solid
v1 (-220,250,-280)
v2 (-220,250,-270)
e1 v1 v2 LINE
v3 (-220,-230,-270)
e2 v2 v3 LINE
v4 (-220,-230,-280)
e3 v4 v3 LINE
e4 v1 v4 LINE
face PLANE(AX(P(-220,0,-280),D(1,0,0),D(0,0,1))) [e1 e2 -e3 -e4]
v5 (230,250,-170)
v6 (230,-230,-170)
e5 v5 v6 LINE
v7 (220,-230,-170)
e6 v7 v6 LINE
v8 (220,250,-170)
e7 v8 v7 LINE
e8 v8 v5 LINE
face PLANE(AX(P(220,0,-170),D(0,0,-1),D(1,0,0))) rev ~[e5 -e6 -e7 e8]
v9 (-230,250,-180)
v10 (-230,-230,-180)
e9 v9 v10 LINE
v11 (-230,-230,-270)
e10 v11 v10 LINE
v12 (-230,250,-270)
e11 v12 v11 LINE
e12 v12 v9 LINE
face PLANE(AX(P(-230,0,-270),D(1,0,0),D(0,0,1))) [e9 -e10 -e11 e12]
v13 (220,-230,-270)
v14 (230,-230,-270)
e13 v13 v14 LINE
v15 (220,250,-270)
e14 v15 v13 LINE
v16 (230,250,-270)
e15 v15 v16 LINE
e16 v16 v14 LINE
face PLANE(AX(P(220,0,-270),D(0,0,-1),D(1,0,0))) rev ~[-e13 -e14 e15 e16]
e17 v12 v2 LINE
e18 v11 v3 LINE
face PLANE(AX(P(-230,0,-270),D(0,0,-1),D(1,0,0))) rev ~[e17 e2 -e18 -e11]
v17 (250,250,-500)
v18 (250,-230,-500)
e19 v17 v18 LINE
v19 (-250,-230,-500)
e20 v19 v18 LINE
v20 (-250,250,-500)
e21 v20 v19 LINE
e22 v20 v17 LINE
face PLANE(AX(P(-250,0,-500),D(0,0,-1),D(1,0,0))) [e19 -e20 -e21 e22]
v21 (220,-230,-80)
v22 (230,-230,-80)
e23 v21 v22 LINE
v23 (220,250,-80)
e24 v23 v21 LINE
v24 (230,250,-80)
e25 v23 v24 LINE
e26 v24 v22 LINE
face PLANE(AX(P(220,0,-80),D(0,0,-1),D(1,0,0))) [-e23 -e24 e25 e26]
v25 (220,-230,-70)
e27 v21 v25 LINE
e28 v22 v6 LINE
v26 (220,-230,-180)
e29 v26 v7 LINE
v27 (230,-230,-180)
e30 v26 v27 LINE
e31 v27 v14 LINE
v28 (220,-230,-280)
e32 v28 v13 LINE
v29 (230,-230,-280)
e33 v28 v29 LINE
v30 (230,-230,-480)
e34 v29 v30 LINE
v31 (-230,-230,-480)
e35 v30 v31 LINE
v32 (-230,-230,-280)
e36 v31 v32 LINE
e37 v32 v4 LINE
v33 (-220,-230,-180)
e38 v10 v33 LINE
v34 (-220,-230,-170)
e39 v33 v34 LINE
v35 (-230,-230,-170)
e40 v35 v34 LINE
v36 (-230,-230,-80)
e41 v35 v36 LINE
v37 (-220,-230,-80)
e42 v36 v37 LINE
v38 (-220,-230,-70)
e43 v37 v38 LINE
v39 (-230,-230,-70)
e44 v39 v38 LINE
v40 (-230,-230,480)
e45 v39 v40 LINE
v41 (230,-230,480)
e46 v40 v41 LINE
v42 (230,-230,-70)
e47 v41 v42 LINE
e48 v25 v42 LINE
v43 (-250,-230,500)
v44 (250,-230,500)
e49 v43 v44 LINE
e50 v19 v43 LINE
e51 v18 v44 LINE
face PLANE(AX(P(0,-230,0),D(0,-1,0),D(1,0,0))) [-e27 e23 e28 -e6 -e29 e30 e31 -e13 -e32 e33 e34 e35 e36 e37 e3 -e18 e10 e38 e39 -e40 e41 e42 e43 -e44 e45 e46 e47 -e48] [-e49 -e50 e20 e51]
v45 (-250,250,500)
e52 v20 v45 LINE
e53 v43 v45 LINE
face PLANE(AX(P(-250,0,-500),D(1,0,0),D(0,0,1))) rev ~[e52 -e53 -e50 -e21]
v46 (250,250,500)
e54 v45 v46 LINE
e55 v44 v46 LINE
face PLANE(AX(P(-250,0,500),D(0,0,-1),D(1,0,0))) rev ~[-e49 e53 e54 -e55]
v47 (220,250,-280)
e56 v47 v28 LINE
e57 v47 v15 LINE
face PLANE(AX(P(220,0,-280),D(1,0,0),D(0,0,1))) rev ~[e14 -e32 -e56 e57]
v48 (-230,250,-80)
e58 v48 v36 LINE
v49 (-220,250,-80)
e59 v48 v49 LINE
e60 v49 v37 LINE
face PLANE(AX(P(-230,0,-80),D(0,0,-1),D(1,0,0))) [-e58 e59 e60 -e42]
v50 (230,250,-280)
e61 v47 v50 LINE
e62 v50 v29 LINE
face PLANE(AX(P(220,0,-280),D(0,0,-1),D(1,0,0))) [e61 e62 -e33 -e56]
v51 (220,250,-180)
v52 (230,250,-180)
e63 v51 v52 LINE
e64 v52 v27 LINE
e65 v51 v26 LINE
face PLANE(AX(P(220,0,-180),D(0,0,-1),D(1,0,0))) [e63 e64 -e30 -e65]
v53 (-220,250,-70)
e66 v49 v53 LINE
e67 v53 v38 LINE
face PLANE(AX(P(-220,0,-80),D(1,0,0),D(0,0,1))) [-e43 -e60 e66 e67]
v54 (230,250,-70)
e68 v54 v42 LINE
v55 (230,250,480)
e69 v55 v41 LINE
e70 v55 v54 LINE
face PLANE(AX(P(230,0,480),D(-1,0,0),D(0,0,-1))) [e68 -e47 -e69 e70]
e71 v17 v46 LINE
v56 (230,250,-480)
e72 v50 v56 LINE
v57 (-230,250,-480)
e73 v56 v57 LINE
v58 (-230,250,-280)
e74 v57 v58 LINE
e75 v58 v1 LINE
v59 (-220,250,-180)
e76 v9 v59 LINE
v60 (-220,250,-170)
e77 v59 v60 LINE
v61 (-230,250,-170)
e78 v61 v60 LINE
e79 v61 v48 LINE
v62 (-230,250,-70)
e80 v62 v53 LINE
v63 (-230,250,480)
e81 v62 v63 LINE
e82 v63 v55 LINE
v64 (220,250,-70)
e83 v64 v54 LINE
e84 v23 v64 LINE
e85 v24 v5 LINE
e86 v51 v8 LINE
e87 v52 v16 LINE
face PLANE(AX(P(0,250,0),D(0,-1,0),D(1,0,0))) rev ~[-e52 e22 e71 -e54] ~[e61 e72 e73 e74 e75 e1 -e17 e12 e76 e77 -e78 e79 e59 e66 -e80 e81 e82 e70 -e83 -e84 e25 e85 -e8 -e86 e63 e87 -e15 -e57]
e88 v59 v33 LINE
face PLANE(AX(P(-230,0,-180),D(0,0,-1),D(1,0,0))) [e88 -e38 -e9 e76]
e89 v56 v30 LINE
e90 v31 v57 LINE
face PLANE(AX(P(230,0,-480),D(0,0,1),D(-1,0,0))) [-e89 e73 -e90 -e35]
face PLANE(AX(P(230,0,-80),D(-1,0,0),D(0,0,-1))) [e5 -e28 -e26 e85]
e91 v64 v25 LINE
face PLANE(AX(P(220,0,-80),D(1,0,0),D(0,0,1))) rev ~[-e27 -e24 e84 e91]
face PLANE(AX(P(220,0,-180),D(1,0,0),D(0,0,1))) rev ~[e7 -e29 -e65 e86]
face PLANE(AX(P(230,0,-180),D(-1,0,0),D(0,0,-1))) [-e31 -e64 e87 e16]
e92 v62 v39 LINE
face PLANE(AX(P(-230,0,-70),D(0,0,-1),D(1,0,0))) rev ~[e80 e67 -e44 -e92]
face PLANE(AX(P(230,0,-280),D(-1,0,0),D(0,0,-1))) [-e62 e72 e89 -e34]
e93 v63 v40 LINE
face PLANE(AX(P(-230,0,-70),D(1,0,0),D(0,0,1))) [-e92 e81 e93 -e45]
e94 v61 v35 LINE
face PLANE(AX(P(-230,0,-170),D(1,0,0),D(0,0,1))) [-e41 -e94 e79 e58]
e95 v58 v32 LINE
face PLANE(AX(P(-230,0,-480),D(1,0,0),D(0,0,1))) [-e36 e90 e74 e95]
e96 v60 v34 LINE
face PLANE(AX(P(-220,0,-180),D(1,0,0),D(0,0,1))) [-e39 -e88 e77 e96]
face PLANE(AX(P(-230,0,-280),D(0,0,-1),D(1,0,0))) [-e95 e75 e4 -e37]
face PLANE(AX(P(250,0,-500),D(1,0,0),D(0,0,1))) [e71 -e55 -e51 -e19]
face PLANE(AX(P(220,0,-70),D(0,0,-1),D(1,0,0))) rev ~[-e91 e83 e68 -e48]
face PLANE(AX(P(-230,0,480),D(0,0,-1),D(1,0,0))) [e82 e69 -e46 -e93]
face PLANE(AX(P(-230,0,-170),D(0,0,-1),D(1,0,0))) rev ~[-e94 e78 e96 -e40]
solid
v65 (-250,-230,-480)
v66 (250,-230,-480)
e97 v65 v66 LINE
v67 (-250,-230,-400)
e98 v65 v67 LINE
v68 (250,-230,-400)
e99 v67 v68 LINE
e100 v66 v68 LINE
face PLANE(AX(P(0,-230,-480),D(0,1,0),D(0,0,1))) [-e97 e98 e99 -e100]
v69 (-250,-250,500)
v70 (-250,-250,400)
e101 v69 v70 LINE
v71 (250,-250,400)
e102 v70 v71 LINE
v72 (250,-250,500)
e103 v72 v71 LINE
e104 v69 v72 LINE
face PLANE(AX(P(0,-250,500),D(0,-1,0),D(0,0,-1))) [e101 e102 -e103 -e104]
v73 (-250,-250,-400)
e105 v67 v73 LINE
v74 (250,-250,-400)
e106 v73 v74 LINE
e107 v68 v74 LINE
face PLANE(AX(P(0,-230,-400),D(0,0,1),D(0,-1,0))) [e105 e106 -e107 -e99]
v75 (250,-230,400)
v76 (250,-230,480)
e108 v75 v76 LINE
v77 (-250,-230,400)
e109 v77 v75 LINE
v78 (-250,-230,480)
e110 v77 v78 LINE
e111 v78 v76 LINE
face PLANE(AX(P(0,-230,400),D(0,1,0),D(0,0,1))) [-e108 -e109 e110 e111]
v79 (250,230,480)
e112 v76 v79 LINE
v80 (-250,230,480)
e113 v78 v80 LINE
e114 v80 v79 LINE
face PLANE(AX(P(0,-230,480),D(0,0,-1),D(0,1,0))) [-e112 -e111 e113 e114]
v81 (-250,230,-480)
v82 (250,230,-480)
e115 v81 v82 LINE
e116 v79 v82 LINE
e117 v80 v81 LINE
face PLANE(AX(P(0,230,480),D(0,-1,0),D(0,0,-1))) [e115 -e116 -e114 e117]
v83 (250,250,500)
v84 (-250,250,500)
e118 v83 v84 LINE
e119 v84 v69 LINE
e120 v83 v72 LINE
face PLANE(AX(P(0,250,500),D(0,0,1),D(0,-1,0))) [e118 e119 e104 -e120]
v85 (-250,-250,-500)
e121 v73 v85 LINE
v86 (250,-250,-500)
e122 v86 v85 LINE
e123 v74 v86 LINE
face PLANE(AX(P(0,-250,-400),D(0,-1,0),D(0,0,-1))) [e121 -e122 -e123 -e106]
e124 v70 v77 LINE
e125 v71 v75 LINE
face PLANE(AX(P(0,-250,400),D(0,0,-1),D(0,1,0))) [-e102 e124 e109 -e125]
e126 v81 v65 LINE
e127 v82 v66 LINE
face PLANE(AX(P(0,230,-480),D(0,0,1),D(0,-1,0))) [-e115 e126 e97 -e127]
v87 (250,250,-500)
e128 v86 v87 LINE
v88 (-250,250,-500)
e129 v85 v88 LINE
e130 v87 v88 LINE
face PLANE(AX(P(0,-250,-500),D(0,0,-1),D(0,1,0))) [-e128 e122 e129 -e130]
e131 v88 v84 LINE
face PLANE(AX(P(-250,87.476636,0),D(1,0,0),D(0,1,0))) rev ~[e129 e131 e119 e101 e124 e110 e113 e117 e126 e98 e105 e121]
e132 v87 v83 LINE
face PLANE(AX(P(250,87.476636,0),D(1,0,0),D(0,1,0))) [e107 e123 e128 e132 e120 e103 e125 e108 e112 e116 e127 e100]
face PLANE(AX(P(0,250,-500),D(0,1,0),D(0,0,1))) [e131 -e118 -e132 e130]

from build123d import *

# Parameters (mm, degrees)
F0_W          = 500
F0_H          = 1000
F0_W_2        = 10
F0_H_2        = 10
F2_DEPTH      = 230
F2_DEPTH_BACK = 250
F3_DEPTH      = 250
F3_DEPTH_BACK = 250


with BuildPart() as f2:
    # F0 (on Front) → F2 (new body, two sides)
    with BuildSketch(Plane.XZ) as f2_sk:
        Rectangle(F0_W, F0_H)
        Polygon((-230, 380), (-230, 480), (230, 480), (230, 380), (230, -70), (230, -80), (230, -170), (230, -180), (230, -270), (230, -280), (230, -480), (-230, -480), (-230, -280), (-230, -270), (-230, -180), (-230, -170), (-230, -80), (-230, -70), align=None, mode=Mode.SUBTRACT)
        with Locations((-225, -75)):
            Rectangle(F0_W_2, F0_H_2)
        with Locations((-225, -175)):
            Rectangle(F0_W_2, F0_H_2)
        with Locations((-225, -275)):
            Rectangle(F0_W_2, F0_H_2)
        with Locations((225, -275)):
            Rectangle(F0_W_2, F0_H_2)
        with Locations((225, -175)):
            Rectangle(F0_W_2, F0_H_2)
        with Locations((225, -75)):
            Rectangle(F0_W_2, F0_H_2)
    extrude(amount=F2_DEPTH)
    extrude(f2_sk.sketch, amount=-F2_DEPTH_BACK)


with BuildPart() as f3:
    # F1 (on Right) → F3 (new body, two sides)
    with BuildSketch(Plane.YZ) as f3_sk:
        Polygon((250, 500), (-250, 500), (-250, 400), (-230, 400), (-230, 480), (230, 480), (230, -480), (-230, -480), (-230, -400), (-250, -400), (-250, -500), (250, -500), align=None)
    extrude(amount=F3_DEPTH)
    extrude(f3_sk.sketch, amount=-F3_DEPTH_BACK)


solid = Compound([f2.part, f3.part])
